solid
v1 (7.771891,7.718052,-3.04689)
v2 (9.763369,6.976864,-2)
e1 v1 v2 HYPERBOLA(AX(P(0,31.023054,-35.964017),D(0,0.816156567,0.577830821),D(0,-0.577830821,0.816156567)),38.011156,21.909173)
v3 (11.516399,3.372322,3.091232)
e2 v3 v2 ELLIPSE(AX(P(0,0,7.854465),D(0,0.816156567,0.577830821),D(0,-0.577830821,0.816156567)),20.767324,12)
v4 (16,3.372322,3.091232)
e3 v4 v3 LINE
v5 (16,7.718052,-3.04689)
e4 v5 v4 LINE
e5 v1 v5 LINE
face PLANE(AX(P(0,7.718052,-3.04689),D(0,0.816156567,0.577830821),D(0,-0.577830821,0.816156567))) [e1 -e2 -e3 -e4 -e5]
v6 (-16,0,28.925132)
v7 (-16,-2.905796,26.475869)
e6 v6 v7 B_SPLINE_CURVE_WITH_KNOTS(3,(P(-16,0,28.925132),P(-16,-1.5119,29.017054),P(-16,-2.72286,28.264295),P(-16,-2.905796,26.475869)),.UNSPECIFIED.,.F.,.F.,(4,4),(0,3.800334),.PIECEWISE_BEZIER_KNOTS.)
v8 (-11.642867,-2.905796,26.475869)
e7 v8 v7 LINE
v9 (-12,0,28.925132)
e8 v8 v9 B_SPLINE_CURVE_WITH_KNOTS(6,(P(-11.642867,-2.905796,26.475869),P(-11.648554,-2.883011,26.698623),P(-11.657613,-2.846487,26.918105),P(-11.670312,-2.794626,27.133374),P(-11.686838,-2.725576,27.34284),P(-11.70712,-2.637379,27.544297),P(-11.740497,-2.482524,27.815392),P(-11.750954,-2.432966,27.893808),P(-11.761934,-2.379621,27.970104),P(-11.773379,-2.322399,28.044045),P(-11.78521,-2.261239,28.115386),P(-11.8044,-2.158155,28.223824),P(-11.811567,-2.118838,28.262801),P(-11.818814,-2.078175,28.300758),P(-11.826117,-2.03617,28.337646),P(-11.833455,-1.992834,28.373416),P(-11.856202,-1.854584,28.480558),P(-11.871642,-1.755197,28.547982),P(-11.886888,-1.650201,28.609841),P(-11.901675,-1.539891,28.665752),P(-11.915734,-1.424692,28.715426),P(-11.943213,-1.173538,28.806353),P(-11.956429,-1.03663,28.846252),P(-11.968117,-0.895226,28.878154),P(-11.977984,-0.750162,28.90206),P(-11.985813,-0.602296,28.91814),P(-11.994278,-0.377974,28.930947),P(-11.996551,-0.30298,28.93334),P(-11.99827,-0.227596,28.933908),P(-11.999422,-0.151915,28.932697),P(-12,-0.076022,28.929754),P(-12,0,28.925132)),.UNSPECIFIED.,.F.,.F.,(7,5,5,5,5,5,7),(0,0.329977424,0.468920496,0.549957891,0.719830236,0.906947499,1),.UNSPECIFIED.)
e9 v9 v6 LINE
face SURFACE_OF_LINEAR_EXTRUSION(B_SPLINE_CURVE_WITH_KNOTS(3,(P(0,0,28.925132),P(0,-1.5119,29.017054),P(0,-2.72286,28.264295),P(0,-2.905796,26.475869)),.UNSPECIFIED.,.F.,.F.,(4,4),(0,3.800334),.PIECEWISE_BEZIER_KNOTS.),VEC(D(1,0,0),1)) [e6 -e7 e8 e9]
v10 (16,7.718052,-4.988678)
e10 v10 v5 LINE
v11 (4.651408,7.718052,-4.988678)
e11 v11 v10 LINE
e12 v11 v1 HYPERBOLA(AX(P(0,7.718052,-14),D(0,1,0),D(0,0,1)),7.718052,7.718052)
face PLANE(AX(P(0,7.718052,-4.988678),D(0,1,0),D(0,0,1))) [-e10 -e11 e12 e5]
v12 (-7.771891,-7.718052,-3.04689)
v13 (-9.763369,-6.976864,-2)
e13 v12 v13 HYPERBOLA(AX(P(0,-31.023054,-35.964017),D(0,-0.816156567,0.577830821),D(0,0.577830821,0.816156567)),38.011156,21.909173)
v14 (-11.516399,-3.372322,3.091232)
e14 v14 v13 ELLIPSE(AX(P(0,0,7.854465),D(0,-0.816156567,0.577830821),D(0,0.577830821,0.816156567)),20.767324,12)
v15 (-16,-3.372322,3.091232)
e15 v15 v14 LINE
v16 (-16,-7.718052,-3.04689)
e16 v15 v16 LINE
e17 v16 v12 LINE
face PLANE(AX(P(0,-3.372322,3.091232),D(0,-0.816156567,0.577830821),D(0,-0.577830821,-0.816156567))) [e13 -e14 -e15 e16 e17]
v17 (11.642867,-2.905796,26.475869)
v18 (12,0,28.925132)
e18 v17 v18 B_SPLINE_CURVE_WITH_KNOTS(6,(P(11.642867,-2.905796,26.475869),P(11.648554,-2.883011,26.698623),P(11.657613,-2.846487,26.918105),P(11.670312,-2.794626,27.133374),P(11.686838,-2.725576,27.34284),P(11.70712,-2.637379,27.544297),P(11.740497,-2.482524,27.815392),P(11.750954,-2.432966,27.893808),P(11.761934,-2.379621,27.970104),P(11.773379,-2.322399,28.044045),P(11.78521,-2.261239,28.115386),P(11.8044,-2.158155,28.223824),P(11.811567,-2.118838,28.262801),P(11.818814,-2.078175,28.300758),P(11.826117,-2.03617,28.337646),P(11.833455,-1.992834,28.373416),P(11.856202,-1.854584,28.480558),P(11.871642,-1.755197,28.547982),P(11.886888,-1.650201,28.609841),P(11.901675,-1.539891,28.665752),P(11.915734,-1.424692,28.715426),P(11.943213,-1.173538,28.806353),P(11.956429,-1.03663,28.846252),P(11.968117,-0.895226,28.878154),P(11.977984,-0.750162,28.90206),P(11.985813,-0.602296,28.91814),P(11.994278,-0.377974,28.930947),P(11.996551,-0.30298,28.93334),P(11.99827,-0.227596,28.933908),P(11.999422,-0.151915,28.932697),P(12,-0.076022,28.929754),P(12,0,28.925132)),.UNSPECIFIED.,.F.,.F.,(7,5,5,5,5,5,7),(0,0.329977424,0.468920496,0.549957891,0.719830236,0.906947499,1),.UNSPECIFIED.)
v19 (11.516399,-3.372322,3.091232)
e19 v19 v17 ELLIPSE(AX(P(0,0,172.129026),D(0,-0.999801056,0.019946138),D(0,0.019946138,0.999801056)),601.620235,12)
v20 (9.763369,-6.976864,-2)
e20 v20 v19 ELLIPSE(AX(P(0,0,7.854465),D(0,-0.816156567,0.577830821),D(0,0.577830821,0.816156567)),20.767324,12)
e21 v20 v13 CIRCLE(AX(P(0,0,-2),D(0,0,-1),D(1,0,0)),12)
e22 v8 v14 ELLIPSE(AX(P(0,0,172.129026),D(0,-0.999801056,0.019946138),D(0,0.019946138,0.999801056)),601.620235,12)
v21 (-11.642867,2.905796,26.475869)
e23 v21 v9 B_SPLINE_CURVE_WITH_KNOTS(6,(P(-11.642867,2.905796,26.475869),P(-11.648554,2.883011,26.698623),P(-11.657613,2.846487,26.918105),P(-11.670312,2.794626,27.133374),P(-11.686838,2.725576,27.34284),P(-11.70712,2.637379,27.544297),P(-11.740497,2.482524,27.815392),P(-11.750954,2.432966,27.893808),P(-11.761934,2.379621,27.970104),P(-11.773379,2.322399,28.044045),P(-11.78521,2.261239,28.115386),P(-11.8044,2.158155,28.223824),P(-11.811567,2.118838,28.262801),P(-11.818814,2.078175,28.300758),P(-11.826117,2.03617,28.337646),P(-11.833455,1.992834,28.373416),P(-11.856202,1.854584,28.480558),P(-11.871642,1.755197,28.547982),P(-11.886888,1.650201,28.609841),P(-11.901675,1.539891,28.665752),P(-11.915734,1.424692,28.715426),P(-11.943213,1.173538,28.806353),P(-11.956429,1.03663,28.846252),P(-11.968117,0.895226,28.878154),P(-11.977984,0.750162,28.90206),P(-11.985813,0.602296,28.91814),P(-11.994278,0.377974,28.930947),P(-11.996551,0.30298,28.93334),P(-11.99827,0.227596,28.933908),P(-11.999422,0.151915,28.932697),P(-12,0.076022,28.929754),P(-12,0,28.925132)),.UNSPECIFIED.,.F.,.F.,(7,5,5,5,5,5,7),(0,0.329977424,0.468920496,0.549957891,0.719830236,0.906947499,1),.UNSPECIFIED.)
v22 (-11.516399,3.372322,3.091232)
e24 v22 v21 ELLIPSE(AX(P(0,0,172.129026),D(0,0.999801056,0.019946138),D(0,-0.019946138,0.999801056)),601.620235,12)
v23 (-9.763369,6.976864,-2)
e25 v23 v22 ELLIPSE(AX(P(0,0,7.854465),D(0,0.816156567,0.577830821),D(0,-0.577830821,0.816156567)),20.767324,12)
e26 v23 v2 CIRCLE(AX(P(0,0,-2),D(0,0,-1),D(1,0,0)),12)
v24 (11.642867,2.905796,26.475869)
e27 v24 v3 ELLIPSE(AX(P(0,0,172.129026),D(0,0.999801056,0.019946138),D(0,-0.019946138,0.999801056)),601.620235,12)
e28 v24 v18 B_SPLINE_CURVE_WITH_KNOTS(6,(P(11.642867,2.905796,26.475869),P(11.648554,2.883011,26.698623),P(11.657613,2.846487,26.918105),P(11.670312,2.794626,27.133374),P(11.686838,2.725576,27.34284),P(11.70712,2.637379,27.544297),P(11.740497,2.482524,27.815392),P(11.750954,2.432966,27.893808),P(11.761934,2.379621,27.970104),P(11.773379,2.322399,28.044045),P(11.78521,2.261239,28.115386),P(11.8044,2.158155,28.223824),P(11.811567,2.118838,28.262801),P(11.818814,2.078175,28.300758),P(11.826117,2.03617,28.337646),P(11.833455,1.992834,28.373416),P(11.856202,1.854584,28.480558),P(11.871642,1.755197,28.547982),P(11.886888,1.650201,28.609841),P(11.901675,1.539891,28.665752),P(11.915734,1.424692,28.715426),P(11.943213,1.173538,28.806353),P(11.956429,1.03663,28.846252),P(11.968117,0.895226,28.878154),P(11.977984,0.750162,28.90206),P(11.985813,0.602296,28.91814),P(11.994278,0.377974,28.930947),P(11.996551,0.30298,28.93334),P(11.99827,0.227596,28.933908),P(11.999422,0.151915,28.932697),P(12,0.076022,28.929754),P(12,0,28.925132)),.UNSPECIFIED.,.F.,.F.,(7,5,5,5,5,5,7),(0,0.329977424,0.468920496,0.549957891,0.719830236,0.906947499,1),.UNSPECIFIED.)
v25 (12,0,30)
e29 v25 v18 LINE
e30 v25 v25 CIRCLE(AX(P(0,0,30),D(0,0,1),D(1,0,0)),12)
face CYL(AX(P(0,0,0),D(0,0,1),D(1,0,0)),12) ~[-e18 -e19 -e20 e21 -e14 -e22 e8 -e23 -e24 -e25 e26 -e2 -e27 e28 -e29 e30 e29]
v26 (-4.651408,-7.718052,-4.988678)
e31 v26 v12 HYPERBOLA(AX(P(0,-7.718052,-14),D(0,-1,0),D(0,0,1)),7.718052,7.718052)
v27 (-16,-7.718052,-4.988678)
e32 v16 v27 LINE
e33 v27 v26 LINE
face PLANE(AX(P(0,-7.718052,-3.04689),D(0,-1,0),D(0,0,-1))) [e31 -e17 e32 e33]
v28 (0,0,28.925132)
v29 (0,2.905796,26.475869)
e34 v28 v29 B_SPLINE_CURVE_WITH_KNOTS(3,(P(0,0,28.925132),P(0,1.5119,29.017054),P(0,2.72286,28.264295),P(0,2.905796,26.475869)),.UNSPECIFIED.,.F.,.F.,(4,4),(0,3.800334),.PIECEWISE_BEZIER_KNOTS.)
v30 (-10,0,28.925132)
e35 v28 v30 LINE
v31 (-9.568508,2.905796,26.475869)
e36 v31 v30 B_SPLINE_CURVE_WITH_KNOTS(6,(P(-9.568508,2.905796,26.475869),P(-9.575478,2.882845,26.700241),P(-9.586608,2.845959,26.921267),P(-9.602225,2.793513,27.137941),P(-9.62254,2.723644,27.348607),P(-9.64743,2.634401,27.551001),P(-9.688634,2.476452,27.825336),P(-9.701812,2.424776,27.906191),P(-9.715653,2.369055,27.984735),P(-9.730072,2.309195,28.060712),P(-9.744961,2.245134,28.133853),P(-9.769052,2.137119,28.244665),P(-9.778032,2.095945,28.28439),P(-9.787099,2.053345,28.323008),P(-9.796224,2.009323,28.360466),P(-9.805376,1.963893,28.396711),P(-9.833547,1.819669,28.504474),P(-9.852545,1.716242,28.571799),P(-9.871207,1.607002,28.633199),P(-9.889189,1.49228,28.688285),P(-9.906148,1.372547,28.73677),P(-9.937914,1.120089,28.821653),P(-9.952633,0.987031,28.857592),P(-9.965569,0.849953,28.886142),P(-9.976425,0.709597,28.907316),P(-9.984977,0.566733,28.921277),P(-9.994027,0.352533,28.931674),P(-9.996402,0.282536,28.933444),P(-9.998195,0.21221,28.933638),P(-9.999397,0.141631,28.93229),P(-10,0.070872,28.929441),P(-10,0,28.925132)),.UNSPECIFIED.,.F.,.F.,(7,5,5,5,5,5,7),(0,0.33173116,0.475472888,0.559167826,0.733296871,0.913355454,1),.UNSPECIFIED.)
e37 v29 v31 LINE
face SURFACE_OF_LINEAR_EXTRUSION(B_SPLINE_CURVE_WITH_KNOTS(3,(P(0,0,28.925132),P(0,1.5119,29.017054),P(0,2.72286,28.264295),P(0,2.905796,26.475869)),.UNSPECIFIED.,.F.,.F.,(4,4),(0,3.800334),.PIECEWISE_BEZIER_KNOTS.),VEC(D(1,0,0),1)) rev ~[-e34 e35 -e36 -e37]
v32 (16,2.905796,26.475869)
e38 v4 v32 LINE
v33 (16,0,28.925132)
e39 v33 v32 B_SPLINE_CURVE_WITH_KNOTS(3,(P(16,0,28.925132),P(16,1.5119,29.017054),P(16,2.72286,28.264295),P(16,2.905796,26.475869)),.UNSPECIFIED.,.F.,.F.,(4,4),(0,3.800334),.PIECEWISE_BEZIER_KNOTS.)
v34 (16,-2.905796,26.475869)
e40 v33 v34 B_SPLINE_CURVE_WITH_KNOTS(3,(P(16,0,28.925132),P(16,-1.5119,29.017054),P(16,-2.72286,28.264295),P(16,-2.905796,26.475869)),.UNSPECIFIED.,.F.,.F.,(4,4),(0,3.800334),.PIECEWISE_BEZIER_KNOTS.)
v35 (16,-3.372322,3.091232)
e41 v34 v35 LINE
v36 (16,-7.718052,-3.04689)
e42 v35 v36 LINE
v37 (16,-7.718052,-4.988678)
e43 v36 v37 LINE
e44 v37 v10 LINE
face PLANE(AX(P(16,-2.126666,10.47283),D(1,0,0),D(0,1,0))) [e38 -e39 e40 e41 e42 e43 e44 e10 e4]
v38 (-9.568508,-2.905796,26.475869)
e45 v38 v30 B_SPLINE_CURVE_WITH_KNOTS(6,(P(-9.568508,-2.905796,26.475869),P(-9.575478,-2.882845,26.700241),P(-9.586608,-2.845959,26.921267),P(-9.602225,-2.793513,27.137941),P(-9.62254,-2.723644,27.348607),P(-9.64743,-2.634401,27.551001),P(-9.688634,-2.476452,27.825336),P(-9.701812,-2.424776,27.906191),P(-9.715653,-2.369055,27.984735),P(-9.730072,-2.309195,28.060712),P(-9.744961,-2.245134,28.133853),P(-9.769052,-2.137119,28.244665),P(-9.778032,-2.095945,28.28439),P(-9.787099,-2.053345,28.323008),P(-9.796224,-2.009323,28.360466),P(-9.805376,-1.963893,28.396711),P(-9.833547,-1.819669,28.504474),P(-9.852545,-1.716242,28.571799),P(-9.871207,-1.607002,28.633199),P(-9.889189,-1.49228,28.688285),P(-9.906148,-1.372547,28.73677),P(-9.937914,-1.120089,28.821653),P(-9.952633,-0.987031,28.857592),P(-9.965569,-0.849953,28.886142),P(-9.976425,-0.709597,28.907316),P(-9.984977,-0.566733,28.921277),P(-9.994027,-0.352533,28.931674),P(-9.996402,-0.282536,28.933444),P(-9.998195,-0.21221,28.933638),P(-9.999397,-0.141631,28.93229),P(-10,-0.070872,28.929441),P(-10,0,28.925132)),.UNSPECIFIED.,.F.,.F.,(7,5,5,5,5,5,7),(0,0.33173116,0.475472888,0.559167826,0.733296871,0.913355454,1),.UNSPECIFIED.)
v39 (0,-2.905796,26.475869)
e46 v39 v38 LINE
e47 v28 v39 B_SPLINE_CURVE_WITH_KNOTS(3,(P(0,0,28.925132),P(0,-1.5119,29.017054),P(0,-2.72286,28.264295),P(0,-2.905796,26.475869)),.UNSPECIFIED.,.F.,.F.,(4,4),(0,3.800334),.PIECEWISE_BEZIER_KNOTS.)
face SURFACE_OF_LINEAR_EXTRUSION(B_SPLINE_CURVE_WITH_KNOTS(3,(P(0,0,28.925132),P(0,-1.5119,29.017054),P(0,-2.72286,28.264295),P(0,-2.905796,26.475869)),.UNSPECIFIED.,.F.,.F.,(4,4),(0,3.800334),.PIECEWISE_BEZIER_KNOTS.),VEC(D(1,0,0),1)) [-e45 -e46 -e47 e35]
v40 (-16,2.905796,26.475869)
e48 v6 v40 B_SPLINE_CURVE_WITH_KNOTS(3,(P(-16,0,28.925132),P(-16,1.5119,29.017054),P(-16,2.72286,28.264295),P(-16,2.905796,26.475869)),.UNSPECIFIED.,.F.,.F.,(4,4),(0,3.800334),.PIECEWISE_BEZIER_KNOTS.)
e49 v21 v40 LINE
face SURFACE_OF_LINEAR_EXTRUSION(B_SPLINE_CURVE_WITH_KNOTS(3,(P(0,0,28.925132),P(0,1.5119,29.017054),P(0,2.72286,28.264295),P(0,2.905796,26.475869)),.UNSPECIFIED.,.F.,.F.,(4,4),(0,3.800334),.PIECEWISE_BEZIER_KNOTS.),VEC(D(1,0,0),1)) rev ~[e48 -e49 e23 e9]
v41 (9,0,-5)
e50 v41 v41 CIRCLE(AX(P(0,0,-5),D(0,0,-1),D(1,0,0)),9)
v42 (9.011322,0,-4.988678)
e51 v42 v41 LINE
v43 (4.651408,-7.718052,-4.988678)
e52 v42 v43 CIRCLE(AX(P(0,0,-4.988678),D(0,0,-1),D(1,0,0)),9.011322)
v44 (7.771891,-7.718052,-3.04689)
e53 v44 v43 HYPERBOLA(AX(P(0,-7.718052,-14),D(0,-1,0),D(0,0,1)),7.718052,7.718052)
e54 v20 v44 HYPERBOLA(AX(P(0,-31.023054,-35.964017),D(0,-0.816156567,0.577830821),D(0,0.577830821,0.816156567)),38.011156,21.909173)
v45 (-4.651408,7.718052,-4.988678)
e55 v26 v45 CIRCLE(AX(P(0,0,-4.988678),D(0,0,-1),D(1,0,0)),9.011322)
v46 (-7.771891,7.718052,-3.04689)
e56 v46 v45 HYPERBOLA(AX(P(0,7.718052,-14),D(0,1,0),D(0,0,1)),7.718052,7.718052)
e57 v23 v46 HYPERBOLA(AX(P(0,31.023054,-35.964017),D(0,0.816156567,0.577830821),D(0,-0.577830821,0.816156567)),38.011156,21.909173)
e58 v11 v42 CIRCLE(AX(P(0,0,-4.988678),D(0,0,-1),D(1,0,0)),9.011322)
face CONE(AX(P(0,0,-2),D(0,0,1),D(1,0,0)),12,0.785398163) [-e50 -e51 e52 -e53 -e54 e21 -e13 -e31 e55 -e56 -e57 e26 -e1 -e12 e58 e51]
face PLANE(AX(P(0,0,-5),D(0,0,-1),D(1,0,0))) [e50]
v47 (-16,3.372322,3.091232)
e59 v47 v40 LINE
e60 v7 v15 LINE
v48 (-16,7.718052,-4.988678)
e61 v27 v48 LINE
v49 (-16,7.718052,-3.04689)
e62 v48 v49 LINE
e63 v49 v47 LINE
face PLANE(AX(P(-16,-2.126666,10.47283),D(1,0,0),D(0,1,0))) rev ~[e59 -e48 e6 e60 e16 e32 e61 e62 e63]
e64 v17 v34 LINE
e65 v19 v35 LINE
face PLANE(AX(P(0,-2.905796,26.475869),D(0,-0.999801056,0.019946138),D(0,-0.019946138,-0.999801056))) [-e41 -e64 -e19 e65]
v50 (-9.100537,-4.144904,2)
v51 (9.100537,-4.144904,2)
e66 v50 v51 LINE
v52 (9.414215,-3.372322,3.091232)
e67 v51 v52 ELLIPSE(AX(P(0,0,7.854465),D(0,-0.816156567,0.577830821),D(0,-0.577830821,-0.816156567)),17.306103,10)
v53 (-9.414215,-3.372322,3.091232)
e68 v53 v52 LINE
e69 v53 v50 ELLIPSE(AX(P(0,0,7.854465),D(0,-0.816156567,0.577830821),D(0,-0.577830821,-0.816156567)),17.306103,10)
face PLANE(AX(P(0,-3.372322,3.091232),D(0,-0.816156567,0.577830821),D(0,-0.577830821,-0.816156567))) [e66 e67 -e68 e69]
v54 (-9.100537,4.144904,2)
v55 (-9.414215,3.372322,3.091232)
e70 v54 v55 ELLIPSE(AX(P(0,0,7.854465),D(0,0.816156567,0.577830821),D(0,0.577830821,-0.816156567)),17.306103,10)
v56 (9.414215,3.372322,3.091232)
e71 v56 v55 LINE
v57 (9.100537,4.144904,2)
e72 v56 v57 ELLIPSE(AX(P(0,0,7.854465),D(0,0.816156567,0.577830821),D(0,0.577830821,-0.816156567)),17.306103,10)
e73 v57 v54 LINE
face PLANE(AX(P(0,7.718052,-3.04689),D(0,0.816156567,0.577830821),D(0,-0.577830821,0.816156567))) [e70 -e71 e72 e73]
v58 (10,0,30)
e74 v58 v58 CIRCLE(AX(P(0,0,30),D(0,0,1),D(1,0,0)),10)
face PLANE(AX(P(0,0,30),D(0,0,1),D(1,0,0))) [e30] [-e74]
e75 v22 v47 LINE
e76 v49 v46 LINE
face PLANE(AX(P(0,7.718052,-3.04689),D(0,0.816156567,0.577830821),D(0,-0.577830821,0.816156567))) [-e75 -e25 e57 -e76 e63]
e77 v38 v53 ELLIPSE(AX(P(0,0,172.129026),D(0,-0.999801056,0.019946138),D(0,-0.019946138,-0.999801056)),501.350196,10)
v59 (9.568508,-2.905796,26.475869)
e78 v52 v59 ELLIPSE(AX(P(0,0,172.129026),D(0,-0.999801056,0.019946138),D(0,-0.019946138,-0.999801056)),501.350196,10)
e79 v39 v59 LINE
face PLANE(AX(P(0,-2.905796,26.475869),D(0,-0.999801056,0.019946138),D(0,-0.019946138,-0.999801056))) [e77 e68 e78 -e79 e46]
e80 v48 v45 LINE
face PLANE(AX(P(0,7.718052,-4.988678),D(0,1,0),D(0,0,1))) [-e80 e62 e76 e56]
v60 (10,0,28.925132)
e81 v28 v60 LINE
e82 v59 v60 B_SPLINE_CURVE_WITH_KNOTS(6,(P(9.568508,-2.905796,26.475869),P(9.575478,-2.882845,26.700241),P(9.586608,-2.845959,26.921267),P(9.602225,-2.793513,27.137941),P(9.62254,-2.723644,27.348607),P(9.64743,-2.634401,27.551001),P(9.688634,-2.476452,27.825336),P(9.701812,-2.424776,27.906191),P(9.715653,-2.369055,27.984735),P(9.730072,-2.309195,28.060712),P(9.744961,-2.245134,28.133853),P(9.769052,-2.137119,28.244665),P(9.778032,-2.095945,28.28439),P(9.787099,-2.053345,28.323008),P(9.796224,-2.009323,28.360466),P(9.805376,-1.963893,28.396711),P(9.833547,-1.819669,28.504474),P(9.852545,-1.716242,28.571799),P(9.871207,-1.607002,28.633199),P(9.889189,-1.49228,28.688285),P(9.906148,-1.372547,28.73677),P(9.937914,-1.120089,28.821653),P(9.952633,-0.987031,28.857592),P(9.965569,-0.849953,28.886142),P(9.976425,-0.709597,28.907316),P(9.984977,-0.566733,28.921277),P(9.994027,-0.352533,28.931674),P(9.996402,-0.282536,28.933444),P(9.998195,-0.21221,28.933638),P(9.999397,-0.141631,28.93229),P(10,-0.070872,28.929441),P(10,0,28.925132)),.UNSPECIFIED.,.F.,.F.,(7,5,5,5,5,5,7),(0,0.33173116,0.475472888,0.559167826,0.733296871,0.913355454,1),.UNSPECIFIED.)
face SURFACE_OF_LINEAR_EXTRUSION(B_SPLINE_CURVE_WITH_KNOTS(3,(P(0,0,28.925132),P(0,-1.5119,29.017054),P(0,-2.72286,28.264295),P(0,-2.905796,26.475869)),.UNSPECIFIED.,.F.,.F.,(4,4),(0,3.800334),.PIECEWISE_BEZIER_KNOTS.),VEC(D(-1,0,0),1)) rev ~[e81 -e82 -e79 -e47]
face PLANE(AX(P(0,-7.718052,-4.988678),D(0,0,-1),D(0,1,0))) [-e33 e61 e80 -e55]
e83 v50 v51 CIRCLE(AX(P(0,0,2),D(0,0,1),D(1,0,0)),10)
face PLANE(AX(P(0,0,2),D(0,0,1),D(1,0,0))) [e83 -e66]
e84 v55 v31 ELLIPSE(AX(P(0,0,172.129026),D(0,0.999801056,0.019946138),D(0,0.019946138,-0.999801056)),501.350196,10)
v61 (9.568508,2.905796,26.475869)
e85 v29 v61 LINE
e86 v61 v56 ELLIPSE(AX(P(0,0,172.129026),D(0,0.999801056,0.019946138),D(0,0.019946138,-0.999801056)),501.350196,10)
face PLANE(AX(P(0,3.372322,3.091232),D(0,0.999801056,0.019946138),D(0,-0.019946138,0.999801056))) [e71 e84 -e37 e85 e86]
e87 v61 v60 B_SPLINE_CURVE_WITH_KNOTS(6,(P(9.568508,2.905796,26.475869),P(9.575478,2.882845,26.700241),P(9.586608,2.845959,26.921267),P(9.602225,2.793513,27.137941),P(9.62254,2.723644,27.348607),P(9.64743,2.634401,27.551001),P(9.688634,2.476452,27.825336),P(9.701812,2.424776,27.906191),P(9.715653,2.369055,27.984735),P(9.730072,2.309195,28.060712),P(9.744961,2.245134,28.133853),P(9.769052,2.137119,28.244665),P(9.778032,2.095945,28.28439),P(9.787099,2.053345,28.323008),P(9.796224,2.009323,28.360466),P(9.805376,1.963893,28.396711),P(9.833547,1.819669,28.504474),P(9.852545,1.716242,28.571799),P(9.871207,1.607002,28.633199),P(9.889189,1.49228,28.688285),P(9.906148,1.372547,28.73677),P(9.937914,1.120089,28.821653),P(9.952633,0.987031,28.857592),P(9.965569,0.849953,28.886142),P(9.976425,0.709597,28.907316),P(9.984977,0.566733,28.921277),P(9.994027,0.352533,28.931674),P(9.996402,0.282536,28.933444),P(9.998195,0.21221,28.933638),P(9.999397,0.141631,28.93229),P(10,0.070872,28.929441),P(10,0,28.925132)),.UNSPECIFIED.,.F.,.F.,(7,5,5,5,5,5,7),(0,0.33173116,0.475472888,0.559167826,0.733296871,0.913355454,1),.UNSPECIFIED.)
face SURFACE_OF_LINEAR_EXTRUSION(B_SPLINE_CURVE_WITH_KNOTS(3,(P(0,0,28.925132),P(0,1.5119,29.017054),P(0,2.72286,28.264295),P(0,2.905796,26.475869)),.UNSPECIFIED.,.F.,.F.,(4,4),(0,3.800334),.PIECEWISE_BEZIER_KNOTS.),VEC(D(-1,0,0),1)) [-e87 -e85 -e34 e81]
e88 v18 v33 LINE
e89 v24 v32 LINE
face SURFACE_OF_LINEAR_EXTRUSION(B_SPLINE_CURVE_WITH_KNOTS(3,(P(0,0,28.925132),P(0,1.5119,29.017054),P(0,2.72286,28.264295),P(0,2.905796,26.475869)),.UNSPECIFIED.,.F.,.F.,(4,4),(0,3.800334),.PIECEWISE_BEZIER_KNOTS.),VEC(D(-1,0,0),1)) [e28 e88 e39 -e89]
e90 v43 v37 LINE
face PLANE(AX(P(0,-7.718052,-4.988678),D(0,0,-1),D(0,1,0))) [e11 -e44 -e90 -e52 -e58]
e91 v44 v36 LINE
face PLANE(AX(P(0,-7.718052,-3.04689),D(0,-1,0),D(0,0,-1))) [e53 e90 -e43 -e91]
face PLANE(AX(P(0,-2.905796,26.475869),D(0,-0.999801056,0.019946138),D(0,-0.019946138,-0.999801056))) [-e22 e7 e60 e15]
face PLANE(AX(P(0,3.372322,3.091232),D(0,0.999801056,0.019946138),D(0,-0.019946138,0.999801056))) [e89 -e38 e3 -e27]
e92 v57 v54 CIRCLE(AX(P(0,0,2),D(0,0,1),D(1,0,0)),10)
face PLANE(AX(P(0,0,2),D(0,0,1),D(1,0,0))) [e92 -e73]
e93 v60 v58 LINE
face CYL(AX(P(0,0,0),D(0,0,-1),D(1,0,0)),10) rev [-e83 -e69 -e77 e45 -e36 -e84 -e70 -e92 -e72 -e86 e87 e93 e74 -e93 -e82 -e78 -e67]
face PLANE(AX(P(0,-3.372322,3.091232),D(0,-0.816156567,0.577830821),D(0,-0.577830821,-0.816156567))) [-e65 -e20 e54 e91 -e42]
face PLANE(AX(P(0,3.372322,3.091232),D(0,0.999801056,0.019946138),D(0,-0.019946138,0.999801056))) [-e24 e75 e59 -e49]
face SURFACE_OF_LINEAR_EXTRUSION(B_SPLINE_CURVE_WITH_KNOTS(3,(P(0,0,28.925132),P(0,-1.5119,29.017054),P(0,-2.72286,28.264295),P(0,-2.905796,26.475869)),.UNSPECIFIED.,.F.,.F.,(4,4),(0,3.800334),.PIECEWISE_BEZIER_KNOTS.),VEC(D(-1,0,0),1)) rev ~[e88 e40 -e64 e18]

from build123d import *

# Parameters (mm, degrees)
F0_R      = 10
F1_DEPTH  = 2
F0_R_2    = 12
F2_DEPTH  = 30
F2_FACE_R = 12
F3_DEPTH  = 5
F4_SIZE   = 3
F6_DEPTH  = 16


with BuildPart() as f1:
    # F0 (on Top) → F1 (new body)
    with BuildSketch(Plane.XY):
        Circle(F0_R)
    extrude(amount=F1_DEPTH)

    # F0 (on Top) → F2 (join)
    with BuildSketch(Plane.XY):
        Circle(F0_R_2)
        Circle(F0_R, mode=Mode.SUBTRACT)
    extrude(amount=F2_DEPTH)

    # F2_face (on face) → F3 (join)
    with BuildSketch(Plane(origin=(0, 0, 0), x_dir=(1, 0, 0), z_dir=(0, 0, -1))):
        Circle(F2_FACE_R)
    extrude(amount=F3_DEPTH)

    # F4
    f4_edges = [f1.edges().sort_by_distance(p)[0] for p in [
        (-12, 0, -5),
    ]]
    chamfer(f4_edges, length=F4_SIZE)

    # F5 (on Right) → F6 (join, symmetric)
    with BuildSketch(Plane.YZ):
        with BuildLine():
            Line((0, -4.988678), (0, 28.925132))
            add(Edge.make_bspline(
                [(0, 28.925132), (-1.5119, 29.017054), (-2.72286, 28.264295), (-2.905796, 26.475869)],
                knots=[0, 0, 0, 0, 3.800334, 3.800334, 3.800334, 3.800334], degree=3))
            Line((-2.905796, 26.475869), (-3.372322, 3.091232))
            Line((-3.372322, 3.091232), (-7.718052, -3.04689))
            Line((-7.718052, -3.04689), (-7.718052, -4.988678))
            Line((-7.718052, -4.988678), (0, -4.988678))
        make_face()
        with BuildLine():
            add(Edge.make_bspline(
                [(0, 28.925132), (1.5119, 29.017054), (2.72286, 28.264295), (2.905796, 26.475869)],
                knots=[0, 0, 0, 0, 3.800334, 3.800334, 3.800334, 3.800334], degree=3))
            Line((0, 28.925132), (0, -4.988678))
            Line((0, -4.988678), (7.718052, -4.988678))
            Line((7.718052, -4.988678), (7.718052, -3.04689))
            Line((7.718052, -3.04689), (3.372322, 3.091232))
            Line((3.372322, 3.091232), (2.905796, 26.475869))
        make_face()
    extrude(amount=F6_DEPTH, both=True)


solid = f1.part
